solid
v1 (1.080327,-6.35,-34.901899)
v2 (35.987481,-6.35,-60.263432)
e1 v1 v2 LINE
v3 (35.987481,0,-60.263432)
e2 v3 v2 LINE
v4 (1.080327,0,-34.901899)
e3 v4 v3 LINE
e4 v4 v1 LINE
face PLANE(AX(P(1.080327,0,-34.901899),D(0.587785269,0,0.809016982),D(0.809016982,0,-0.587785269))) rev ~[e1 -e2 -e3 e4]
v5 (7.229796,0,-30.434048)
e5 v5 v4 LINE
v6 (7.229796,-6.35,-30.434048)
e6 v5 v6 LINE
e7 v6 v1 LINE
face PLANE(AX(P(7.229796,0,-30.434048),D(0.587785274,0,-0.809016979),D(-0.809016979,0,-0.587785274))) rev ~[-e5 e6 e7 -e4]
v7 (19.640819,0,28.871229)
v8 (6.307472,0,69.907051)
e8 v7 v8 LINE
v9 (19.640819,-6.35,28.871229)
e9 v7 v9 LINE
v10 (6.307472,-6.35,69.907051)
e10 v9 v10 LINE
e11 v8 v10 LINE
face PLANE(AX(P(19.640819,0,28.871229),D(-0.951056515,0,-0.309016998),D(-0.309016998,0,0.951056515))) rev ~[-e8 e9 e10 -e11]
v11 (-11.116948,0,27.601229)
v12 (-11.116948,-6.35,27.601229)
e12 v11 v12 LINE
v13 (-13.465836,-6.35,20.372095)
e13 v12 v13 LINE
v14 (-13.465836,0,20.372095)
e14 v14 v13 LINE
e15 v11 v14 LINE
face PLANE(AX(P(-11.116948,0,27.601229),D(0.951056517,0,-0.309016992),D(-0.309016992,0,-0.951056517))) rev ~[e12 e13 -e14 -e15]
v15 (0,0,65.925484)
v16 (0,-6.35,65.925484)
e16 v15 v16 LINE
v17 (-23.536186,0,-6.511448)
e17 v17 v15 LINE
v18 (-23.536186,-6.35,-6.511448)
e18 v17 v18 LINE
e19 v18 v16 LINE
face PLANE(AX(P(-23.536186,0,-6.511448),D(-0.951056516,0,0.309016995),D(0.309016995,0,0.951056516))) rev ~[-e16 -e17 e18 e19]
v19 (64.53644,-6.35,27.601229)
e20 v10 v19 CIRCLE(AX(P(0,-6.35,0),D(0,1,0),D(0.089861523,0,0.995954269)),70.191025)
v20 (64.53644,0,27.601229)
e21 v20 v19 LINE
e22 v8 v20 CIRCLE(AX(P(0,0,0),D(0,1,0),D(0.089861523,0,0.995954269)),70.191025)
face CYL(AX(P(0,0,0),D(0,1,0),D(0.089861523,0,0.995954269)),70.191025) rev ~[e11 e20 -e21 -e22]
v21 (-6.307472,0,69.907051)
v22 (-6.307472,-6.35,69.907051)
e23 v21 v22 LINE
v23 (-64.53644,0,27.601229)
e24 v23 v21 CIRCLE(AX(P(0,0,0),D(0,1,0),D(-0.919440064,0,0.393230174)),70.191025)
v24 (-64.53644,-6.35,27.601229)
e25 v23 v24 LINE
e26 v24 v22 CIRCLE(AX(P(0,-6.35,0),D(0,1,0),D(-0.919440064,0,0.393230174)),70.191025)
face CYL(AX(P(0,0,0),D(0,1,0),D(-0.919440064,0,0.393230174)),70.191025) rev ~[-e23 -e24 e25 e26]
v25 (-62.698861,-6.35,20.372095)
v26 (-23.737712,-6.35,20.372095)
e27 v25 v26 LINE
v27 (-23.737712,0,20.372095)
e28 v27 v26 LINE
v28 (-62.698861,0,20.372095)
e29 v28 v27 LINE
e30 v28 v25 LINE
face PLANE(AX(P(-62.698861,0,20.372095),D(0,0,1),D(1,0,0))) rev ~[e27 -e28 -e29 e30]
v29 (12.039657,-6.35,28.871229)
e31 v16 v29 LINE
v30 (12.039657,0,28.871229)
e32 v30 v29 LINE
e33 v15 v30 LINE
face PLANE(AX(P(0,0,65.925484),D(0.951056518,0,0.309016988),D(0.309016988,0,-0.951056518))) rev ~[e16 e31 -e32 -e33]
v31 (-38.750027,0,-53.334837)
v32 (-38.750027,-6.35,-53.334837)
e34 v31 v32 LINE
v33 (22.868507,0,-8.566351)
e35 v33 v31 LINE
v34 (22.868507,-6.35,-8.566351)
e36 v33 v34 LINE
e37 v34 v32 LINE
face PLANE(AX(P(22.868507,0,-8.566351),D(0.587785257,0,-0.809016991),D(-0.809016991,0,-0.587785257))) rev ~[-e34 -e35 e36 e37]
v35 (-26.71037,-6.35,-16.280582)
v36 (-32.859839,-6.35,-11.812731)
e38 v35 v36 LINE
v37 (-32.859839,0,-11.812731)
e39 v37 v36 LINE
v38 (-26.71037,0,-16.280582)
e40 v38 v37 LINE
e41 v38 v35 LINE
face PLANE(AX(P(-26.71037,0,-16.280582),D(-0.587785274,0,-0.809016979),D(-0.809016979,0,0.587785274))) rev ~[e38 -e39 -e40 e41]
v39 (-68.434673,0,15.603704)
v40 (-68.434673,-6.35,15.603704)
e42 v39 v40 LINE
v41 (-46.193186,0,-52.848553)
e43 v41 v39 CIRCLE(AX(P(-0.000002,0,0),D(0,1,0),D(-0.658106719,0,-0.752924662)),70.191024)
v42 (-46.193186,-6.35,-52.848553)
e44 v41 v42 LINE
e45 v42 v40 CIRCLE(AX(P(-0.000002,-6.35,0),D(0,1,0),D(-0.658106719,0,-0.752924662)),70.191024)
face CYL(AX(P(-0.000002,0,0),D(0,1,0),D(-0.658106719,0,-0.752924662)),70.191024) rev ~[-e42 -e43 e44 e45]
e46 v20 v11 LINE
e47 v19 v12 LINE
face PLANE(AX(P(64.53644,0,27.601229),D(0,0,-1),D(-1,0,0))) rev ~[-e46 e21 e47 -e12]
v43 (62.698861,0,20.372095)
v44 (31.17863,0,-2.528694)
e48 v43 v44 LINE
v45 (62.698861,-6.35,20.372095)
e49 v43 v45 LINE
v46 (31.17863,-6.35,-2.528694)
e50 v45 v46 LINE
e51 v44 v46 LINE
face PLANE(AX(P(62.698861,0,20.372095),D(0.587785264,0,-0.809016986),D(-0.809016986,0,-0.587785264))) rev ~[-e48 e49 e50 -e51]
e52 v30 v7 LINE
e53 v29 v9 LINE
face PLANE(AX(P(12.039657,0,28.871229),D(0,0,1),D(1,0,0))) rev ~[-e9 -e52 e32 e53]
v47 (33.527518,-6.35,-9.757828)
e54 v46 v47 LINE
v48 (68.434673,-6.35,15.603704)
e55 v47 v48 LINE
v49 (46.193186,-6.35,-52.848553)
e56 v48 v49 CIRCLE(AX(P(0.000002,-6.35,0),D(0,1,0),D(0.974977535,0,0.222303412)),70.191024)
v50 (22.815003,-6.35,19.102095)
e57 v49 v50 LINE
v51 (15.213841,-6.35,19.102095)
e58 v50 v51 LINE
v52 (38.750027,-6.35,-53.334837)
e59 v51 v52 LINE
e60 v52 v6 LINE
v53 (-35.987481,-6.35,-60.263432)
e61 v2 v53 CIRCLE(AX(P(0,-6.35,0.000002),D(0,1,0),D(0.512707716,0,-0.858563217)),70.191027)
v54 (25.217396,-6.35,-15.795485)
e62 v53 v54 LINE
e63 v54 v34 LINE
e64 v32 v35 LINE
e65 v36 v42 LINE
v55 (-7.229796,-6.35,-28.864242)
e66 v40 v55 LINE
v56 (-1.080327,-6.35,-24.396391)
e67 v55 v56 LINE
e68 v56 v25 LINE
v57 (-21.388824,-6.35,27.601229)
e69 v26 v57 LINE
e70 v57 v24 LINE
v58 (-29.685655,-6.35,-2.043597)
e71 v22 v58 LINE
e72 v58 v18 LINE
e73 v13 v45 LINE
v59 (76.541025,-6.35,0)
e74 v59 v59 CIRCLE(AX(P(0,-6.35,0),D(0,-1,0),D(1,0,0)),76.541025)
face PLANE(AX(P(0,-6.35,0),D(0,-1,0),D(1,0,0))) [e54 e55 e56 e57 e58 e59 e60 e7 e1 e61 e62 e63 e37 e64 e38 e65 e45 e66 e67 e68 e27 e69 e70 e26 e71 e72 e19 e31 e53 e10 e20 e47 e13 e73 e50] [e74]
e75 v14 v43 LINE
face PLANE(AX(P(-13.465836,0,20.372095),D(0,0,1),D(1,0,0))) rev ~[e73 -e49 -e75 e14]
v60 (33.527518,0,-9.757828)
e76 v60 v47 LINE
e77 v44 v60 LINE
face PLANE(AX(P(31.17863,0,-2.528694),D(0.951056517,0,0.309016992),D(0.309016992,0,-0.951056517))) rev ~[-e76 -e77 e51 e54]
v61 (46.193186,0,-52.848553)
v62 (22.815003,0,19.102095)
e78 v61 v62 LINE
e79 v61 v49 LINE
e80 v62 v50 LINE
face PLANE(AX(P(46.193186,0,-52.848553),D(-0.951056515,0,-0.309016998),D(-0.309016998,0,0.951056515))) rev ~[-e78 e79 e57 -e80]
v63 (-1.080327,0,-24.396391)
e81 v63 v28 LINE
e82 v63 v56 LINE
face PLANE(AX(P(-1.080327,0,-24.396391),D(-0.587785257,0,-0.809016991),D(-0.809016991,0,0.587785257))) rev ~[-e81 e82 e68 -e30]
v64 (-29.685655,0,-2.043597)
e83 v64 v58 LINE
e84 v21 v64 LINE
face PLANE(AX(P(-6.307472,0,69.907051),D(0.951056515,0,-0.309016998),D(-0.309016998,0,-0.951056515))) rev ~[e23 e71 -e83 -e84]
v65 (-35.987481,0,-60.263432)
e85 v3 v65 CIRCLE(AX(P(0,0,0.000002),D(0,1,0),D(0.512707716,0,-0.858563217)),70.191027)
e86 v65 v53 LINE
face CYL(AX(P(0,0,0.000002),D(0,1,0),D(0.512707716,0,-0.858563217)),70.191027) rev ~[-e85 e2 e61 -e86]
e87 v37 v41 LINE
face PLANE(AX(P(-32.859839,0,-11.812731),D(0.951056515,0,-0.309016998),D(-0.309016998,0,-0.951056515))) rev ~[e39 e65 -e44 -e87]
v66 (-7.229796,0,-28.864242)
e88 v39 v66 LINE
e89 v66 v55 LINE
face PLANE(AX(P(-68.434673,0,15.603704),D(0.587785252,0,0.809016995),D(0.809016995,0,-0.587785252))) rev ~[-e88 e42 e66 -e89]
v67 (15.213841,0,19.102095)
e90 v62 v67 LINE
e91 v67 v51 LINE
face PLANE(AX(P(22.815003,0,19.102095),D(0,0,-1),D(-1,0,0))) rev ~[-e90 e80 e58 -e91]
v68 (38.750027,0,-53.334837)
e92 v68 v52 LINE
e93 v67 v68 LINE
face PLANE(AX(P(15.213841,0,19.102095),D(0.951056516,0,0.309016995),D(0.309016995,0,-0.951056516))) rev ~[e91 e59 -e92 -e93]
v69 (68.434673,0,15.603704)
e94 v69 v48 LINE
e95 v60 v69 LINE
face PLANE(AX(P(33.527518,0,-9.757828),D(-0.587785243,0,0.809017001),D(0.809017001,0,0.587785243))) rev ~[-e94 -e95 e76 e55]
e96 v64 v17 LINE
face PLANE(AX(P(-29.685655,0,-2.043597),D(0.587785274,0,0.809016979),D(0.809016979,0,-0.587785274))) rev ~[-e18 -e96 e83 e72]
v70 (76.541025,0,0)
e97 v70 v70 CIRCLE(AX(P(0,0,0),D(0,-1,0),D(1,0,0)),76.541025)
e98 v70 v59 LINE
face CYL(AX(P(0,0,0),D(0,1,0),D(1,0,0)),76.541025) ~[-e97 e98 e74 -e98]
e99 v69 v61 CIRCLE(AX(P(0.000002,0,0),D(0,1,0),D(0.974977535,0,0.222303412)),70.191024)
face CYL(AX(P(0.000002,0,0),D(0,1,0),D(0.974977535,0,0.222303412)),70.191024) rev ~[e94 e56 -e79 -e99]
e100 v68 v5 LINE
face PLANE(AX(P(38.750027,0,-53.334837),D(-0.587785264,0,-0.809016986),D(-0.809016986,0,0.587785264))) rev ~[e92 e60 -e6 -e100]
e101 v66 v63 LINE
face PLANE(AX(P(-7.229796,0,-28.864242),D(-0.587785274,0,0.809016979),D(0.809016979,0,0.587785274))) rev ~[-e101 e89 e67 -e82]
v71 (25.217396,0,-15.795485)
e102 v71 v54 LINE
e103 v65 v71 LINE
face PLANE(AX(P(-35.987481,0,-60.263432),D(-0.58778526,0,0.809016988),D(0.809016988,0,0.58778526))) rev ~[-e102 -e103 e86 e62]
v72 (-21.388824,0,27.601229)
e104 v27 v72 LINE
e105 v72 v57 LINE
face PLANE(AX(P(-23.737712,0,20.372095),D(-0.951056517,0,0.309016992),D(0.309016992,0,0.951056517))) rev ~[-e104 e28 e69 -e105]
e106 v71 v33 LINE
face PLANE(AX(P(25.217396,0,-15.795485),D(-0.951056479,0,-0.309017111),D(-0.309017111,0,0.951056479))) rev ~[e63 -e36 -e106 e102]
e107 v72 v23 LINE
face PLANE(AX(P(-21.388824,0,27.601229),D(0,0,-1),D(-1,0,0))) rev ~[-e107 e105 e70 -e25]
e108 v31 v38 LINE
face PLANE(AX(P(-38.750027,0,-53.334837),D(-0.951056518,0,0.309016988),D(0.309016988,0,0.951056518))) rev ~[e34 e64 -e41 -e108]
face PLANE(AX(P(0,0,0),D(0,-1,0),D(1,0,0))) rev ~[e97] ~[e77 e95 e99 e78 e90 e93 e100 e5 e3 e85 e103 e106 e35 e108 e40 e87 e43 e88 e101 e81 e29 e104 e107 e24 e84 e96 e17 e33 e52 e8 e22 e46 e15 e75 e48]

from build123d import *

# Parameters (mm, degrees)
F0_R     = 76.541025
F1_DEPTH = 6.35


with BuildPart() as f1:
    # F0 (on Front) → F1 (new body)
    with BuildSketch(Plane.XZ):
        Circle(F0_R)
        with BuildLine():
            ThreePointArc((-64.53644, 27.601229), (-41.257249, 56.785732), (-6.307472, 69.907051))
            Line((-6.307472, 69.907051), (-29.685655, -2.043597))
            Line((-29.685655, -2.043597), (-23.536186, -6.511448))
            Line((-23.536186, -6.511448), (0, 65.925484))
            Line((0, 65.925484), (12.039657, 28.871229))
            Line((12.039657, 28.871229), (19.640819, 28.871229))
            Line((19.640819, 28.871229), (6.307472, 69.907051))
            ThreePointArc((6.307472, 69.907051), (41.257249, 56.785732), (64.53644, 27.601229))
            Line((64.53644, 27.601229), (-11.116948, 27.601229))
            Line((-11.116948, 27.601229), (-13.465836, 20.372095))
            Line((-13.465836, 20.372095), (62.698861, 20.372095))
            Line((62.698861, 20.372095), (31.17863, -2.528694))
            Line((31.17863, -2.528694), (33.527518, -9.757828))
            Line((33.527518, -9.757828), (68.434673, 15.603704))
            ThreePointArc((68.434673, 15.603704), (66.755632, -21.69022), (46.193186, -52.848553))
            Line((46.193186, -52.848553), (22.815003, 19.102095))
            Line((22.815003, 19.102095), (15.213841, 19.102095))
            Line((15.213841, 19.102095), (38.750027, -53.334837))
            Line((38.750027, -53.334837), (7.229796, -30.434048))
            Line((7.229796, -30.434048), (1.080327, -34.901899))
            Line((1.080327, -34.901899), (35.987481, -60.263432))
            ThreePointArc((35.987481, -60.263432), (0, -70.191025), (-35.987481, -60.263432))
            Line((-35.987481, -60.263432), (25.217396, -15.795485))
            Line((25.217396, -15.795485), (22.868507, -8.566351))
            Line((22.868507, -8.566351), (-38.750027, -53.334837))
            Line((-38.750027, -53.334837), (-26.71037, -16.280582))
            Line((-26.71037, -16.280582), (-32.859839, -11.812731))
            Line((-32.859839, -11.812731), (-46.193186, -52.848553))
            ThreePointArc((-46.193186, -52.848553), (-66.755632, -21.69022), (-68.434673, 15.603704))
            Line((-68.434673, 15.603704), (-7.229796, -28.864242))
            Line((-7.229796, -28.864242), (-1.080327, -24.396391))
            Line((-1.080327, -24.396391), (-62.698861, 20.372095))
            Line((-62.698861, 20.372095), (-23.737712, 20.372095))
            Line((-23.737712, 20.372095), (-21.388824, 27.601229))
            Line((-21.388824, 27.601229), (-64.53644, 27.601229))
        make_face(mode=Mode.SUBTRACT)
    extrude(amount=F1_DEPTH)


solid = f1.part
